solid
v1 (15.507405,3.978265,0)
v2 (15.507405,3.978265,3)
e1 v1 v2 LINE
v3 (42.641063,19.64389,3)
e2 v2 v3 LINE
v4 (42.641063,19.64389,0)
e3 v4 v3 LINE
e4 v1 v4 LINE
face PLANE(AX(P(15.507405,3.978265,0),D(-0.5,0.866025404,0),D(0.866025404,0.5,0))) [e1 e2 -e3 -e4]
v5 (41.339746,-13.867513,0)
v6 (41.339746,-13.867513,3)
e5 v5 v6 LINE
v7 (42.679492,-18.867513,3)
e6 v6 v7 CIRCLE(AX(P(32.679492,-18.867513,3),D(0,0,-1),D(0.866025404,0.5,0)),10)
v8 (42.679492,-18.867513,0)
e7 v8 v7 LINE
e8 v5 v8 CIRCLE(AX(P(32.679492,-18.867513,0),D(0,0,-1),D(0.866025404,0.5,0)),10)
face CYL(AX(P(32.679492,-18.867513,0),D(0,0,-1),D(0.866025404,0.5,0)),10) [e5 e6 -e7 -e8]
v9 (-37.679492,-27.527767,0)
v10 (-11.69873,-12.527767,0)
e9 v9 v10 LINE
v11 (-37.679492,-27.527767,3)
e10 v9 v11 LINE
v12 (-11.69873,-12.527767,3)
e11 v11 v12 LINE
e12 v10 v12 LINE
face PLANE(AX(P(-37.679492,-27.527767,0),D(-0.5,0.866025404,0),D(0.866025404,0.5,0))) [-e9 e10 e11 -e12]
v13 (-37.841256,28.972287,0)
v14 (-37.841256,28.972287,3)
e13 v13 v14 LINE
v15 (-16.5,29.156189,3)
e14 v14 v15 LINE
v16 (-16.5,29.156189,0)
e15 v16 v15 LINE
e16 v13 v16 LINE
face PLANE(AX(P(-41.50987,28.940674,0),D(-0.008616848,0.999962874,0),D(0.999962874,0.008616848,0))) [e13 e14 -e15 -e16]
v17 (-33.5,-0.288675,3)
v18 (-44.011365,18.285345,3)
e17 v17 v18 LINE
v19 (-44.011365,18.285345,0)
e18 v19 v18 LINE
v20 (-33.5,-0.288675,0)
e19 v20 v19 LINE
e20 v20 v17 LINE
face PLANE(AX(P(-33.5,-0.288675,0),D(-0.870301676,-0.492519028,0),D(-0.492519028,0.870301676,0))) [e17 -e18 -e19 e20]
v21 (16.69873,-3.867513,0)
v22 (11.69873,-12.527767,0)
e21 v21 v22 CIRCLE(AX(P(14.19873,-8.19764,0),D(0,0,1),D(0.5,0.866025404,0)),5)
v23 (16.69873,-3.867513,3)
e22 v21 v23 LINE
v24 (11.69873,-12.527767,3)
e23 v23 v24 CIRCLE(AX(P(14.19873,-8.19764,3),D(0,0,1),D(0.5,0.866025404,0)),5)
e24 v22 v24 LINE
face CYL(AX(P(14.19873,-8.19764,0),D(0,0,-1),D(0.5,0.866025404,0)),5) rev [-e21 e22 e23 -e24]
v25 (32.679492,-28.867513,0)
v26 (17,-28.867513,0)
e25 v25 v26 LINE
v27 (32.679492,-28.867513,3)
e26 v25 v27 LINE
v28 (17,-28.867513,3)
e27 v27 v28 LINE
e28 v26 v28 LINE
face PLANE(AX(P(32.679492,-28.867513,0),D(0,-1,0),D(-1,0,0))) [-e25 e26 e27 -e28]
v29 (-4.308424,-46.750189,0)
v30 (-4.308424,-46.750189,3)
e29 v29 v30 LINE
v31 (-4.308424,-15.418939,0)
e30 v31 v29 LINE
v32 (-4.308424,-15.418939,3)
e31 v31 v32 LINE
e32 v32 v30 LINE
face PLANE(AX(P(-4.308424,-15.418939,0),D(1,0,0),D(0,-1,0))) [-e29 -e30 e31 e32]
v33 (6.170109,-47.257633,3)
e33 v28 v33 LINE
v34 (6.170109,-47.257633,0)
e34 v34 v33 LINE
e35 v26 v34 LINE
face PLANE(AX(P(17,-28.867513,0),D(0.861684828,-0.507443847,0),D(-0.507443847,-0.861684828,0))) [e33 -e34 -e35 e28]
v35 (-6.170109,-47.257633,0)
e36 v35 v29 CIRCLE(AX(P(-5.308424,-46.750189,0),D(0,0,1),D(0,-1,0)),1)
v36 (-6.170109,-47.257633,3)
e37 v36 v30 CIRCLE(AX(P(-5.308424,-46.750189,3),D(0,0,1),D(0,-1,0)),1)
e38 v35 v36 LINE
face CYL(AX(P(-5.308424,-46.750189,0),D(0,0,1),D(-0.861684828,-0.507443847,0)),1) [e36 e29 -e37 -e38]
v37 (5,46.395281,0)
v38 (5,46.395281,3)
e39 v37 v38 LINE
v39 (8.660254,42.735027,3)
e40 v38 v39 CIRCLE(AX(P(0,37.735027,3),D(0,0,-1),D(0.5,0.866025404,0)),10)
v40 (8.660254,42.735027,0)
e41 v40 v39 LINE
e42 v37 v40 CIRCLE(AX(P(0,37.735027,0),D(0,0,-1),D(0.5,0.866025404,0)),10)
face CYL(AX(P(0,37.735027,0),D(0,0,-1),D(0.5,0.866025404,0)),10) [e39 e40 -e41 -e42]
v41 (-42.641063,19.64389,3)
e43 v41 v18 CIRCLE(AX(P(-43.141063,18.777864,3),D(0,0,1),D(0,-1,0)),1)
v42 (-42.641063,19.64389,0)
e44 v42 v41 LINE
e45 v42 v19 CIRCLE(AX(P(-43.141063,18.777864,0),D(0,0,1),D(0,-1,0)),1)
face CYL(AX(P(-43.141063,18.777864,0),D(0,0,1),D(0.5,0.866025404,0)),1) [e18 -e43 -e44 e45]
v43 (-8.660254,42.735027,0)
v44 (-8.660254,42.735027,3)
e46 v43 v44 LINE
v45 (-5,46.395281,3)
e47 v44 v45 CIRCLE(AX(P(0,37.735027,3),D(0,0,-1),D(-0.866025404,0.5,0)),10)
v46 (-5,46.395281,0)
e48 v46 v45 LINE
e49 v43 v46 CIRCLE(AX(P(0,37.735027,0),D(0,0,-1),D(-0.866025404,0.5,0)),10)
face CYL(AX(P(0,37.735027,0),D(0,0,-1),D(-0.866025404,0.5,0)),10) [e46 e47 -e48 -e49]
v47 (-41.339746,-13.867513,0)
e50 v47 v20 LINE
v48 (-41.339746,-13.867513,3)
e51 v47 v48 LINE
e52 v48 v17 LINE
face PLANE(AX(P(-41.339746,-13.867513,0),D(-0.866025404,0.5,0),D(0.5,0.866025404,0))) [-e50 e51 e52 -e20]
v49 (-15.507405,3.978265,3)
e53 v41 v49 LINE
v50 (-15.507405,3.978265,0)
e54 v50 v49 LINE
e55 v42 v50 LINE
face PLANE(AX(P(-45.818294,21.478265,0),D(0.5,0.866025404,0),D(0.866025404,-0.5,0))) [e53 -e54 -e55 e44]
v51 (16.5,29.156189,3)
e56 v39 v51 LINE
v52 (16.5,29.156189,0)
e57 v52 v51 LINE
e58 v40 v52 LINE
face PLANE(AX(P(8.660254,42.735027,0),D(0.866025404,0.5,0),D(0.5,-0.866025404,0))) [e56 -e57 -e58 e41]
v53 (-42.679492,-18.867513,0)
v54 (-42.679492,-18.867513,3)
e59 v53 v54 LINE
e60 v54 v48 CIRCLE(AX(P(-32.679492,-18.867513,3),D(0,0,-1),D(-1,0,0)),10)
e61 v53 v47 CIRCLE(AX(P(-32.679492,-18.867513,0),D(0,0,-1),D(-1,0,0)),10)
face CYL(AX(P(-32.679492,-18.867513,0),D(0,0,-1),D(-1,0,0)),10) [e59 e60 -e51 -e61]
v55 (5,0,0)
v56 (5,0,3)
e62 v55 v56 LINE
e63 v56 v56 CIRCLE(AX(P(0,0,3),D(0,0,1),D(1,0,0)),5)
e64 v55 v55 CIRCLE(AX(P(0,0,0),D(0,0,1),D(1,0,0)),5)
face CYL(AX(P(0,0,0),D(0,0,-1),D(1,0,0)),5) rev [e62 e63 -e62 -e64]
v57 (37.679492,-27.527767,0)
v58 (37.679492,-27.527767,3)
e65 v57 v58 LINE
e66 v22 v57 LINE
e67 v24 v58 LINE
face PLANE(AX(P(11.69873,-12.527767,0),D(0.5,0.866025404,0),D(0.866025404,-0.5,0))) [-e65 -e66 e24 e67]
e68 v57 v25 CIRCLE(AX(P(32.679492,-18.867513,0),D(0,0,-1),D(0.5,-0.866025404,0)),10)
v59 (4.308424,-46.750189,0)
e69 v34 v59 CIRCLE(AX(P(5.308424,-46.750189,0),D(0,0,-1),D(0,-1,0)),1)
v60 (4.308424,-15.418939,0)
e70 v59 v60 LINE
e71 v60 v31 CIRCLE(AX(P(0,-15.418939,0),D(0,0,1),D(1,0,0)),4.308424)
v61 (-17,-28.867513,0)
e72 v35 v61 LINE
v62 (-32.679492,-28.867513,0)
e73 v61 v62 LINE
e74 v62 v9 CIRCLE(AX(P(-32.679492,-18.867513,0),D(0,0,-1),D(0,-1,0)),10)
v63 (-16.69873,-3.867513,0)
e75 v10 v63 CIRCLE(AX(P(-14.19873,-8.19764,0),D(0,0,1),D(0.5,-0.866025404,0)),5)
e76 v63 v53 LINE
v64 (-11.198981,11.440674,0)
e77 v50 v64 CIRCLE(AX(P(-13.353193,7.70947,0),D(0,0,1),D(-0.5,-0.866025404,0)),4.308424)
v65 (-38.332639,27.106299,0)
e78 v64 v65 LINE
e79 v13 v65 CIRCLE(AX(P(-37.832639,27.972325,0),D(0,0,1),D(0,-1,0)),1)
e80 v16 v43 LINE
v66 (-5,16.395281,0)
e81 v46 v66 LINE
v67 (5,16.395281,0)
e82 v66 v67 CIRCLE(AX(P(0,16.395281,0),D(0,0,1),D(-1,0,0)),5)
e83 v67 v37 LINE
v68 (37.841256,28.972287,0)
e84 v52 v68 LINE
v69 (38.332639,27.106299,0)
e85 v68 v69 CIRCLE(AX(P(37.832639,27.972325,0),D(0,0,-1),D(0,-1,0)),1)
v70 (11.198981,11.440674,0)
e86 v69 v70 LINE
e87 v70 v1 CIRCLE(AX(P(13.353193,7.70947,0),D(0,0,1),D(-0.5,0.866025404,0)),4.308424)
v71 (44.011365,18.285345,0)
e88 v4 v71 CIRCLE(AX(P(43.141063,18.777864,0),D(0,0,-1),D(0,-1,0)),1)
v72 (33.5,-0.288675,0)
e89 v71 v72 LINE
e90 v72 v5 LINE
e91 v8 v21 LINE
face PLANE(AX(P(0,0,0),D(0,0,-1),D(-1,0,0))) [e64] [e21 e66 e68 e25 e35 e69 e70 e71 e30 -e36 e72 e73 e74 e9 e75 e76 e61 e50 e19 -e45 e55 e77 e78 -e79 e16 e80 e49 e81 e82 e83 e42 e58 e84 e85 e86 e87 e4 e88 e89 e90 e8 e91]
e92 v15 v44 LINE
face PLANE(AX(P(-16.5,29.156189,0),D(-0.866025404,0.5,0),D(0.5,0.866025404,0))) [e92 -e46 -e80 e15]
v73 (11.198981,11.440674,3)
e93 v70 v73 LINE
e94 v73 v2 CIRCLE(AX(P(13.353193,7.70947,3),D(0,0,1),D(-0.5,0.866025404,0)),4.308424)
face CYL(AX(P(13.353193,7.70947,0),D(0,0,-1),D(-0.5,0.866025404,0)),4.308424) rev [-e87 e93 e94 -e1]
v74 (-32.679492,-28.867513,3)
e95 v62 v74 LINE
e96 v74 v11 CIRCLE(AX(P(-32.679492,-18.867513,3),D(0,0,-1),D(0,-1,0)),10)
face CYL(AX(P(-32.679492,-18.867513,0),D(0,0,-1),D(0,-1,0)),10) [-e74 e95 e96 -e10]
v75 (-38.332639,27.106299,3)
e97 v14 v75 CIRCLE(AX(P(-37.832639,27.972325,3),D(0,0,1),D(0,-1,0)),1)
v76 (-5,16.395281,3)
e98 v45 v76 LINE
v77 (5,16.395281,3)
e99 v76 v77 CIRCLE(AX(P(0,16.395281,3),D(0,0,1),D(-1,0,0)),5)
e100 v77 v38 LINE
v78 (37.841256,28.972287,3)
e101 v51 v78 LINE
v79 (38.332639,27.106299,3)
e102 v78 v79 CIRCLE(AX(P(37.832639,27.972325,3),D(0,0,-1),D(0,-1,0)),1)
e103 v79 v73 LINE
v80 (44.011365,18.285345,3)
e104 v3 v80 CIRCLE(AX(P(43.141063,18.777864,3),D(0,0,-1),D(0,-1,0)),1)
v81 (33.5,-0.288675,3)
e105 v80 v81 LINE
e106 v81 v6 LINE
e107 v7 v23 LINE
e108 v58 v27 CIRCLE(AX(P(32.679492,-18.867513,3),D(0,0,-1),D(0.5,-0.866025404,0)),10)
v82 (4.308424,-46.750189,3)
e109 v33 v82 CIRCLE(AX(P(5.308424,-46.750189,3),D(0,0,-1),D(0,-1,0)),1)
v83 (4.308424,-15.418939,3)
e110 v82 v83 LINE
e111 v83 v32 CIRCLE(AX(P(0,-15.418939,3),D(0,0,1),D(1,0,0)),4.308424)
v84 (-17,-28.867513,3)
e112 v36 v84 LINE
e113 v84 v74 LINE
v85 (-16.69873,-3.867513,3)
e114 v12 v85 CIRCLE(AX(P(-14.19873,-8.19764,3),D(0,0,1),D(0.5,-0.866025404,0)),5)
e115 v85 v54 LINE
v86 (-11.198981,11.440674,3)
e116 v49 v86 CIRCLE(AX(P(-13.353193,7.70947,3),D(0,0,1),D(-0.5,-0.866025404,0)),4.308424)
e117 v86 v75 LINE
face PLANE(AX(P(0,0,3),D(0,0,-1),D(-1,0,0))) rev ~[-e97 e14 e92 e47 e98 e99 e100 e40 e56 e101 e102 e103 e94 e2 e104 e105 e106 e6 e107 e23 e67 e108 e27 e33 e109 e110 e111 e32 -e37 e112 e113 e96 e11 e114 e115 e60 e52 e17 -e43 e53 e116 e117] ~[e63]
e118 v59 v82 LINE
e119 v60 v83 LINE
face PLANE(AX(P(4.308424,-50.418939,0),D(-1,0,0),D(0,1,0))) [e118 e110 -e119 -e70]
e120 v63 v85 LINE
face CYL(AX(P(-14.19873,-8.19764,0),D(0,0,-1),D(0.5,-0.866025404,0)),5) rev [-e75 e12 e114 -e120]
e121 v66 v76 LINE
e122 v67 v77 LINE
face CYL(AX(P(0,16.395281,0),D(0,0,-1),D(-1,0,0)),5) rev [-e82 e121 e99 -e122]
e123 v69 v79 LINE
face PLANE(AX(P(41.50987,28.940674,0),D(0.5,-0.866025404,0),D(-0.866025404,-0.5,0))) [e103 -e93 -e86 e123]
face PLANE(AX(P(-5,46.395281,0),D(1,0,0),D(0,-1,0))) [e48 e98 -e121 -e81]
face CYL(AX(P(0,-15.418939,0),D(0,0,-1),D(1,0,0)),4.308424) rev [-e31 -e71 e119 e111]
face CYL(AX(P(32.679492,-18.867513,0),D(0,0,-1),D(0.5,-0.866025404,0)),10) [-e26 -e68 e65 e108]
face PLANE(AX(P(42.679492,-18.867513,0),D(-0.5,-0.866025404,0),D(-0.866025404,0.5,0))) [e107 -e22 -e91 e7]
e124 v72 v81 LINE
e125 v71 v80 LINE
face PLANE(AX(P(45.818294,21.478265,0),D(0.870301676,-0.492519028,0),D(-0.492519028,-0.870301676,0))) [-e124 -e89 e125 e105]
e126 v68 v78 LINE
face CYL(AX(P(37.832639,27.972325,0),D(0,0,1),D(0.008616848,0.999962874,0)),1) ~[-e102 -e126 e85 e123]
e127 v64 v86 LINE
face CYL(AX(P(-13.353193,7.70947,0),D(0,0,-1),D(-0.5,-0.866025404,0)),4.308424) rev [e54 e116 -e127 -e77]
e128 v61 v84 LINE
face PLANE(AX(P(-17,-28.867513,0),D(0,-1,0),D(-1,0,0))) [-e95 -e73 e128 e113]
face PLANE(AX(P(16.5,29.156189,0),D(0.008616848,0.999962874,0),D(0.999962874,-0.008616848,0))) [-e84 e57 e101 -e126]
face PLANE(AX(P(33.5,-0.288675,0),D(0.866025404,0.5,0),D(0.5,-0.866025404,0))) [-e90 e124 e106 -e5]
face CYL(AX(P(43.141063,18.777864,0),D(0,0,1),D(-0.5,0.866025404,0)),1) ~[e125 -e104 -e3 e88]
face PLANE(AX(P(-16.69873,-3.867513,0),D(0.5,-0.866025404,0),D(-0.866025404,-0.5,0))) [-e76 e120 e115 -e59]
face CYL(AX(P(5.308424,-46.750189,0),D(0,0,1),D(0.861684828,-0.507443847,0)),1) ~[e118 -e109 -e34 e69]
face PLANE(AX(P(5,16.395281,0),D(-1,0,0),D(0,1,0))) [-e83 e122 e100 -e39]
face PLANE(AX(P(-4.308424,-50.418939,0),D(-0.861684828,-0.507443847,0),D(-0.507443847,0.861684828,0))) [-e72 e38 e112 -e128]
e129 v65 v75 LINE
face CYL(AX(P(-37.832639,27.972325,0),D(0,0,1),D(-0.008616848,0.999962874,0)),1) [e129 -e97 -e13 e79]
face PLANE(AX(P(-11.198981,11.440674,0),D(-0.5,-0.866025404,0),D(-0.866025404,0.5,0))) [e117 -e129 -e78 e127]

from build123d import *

# Parameters (mm, degrees)
SKETCH1_R           = 5
BOSS_EXTRUDE1_DEPTH = 3
FILLET1_R           = 1


with BuildPart() as part:
    # Sketch1 → Boss-Extrude1 (new body)
    with BuildSketch(Plane.XY):
        with BuildLine():
            Line((-5, 46.395280957), (-5, 16.395280957))
            ThreePointArc((-5, 16.395280957), (0, 11.395280957), (5, 16.395280957))
            Line((5, 16.395280957), (5, 46.395280957))
            ThreePointArc((5, 46.395280957), (7.071067812, 44.806094731), (8.660254038, 42.735026919))
            Line((8.660254038, 42.735026919), (16.5, 29.156188594))
            Line((16.5, 29.156188594), (41.509870079, 28.940674337))
            Line((41.509870079, 28.940674337), (11.198980946, 11.440674337))
            ThreePointArc((11.198980946, 11.440674337), (9.621988261, 5.555257513), (15.507405085, 3.978264828))
            Line((15.507405085, 3.978264828), (45.818294218, 21.478264828))
            Line((45.818294218, 21.478264828), (33.5, -0.288675135))
            Line((33.5, -0.288675135), (41.339745962, -13.867513459))
            ThreePointArc((41.339745962, -13.867513459), (42.338750187, -16.279323008), (42.679491924, -18.867513459))
            Line((42.679491924, -18.867513459), (16.698729811, -3.867513459))
            ThreePointArc((16.698729811, -3.867513459), (9.868602792, -5.697640478), (11.698729811, -12.527767497))
            Line((11.698729811, -12.527767497), (37.679491924, -27.527767497))
            ThreePointArc((37.679491924, -27.527767497), (35.267682375, -28.526771722), (32.679491924, -28.867513459))
            Line((32.679491924, -28.867513459), (17, -28.867513459))
            Line((17, -28.867513459), (4.308424139, -50.418939165))
            Line((4.308424139, -50.418939165), (4.308424139, -15.418939165))
            ThreePointArc((4.308424139, -15.418939165), (0, -11.110515025), (-4.308424139, -15.418939165))
            Line((-4.308424139, -15.418939165), (-4.308424139, -50.418939165))
            Line((-4.308424139, -50.418939165), (-17, -28.867513459))
            Line((-17, -28.867513459), (-32.679491924, -28.867513459))
            ThreePointArc((-32.679491924, -28.867513459), (-35.267682375, -28.526771722), (-37.679491924, -27.527767497))
            Line((-37.679491924, -27.527767497), (-11.698729811, -12.527767497))
            ThreePointArc((-11.698729811, -12.527767497), (-9.868602792, -5.697640478), (-16.698729811, -3.867513459))
            Line((-16.698729811, -3.867513459), (-42.679491924, -18.867513459))
            ThreePointArc((-42.679491924, -18.867513459), (-42.338750187, -16.279323008), (-41.339745962, -13.867513459))
            Line((-41.339745962, -13.867513459), (-33.5, -0.288675135))
            Line((-33.5, -0.288675135), (-45.818294218, 21.478264828))
            Line((-45.818294218, 21.478264828), (-15.507405085, 3.978264828))
            ThreePointArc((-15.507405085, 3.978264828), (-9.621988261, 5.555257513), (-11.198980946, 11.440674337))
            Line((-11.198980946, 11.440674337), (-41.509870079, 28.940674337))
            Line((-41.509870079, 28.940674337), (-16.5, 29.156188594))
            Line((-16.5, 29.156188594), (-8.660254038, 42.735026919))
            ThreePointArc((-8.660254038, 42.735026919), (-7.071067812, 44.806094731), (-5, 46.395280957))
        make_face()
        Circle(SKETCH1_R, mode=Mode.SUBTRACT)
    extrude(amount=BOSS_EXTRUDE1_DEPTH)

    # Fillet1
    fillet1_edges = [part.edges().sort_by_distance(p)[0] for p in [
        (41.509870079, 28.940674337, 1.5),
        (45.818294218, 21.478264828, 1.5),
        (4.308424139, -50.418939165, 1.5),
        (-4.308424139, -50.418939165, 1.5),
        (-45.818294218, 21.478264828, 1.5),
        (-41.509870079, 28.940674337, 1.5),
    ]]
    fillet(fillet1_edges, radius=FILLET1_R)


solid = part.part
